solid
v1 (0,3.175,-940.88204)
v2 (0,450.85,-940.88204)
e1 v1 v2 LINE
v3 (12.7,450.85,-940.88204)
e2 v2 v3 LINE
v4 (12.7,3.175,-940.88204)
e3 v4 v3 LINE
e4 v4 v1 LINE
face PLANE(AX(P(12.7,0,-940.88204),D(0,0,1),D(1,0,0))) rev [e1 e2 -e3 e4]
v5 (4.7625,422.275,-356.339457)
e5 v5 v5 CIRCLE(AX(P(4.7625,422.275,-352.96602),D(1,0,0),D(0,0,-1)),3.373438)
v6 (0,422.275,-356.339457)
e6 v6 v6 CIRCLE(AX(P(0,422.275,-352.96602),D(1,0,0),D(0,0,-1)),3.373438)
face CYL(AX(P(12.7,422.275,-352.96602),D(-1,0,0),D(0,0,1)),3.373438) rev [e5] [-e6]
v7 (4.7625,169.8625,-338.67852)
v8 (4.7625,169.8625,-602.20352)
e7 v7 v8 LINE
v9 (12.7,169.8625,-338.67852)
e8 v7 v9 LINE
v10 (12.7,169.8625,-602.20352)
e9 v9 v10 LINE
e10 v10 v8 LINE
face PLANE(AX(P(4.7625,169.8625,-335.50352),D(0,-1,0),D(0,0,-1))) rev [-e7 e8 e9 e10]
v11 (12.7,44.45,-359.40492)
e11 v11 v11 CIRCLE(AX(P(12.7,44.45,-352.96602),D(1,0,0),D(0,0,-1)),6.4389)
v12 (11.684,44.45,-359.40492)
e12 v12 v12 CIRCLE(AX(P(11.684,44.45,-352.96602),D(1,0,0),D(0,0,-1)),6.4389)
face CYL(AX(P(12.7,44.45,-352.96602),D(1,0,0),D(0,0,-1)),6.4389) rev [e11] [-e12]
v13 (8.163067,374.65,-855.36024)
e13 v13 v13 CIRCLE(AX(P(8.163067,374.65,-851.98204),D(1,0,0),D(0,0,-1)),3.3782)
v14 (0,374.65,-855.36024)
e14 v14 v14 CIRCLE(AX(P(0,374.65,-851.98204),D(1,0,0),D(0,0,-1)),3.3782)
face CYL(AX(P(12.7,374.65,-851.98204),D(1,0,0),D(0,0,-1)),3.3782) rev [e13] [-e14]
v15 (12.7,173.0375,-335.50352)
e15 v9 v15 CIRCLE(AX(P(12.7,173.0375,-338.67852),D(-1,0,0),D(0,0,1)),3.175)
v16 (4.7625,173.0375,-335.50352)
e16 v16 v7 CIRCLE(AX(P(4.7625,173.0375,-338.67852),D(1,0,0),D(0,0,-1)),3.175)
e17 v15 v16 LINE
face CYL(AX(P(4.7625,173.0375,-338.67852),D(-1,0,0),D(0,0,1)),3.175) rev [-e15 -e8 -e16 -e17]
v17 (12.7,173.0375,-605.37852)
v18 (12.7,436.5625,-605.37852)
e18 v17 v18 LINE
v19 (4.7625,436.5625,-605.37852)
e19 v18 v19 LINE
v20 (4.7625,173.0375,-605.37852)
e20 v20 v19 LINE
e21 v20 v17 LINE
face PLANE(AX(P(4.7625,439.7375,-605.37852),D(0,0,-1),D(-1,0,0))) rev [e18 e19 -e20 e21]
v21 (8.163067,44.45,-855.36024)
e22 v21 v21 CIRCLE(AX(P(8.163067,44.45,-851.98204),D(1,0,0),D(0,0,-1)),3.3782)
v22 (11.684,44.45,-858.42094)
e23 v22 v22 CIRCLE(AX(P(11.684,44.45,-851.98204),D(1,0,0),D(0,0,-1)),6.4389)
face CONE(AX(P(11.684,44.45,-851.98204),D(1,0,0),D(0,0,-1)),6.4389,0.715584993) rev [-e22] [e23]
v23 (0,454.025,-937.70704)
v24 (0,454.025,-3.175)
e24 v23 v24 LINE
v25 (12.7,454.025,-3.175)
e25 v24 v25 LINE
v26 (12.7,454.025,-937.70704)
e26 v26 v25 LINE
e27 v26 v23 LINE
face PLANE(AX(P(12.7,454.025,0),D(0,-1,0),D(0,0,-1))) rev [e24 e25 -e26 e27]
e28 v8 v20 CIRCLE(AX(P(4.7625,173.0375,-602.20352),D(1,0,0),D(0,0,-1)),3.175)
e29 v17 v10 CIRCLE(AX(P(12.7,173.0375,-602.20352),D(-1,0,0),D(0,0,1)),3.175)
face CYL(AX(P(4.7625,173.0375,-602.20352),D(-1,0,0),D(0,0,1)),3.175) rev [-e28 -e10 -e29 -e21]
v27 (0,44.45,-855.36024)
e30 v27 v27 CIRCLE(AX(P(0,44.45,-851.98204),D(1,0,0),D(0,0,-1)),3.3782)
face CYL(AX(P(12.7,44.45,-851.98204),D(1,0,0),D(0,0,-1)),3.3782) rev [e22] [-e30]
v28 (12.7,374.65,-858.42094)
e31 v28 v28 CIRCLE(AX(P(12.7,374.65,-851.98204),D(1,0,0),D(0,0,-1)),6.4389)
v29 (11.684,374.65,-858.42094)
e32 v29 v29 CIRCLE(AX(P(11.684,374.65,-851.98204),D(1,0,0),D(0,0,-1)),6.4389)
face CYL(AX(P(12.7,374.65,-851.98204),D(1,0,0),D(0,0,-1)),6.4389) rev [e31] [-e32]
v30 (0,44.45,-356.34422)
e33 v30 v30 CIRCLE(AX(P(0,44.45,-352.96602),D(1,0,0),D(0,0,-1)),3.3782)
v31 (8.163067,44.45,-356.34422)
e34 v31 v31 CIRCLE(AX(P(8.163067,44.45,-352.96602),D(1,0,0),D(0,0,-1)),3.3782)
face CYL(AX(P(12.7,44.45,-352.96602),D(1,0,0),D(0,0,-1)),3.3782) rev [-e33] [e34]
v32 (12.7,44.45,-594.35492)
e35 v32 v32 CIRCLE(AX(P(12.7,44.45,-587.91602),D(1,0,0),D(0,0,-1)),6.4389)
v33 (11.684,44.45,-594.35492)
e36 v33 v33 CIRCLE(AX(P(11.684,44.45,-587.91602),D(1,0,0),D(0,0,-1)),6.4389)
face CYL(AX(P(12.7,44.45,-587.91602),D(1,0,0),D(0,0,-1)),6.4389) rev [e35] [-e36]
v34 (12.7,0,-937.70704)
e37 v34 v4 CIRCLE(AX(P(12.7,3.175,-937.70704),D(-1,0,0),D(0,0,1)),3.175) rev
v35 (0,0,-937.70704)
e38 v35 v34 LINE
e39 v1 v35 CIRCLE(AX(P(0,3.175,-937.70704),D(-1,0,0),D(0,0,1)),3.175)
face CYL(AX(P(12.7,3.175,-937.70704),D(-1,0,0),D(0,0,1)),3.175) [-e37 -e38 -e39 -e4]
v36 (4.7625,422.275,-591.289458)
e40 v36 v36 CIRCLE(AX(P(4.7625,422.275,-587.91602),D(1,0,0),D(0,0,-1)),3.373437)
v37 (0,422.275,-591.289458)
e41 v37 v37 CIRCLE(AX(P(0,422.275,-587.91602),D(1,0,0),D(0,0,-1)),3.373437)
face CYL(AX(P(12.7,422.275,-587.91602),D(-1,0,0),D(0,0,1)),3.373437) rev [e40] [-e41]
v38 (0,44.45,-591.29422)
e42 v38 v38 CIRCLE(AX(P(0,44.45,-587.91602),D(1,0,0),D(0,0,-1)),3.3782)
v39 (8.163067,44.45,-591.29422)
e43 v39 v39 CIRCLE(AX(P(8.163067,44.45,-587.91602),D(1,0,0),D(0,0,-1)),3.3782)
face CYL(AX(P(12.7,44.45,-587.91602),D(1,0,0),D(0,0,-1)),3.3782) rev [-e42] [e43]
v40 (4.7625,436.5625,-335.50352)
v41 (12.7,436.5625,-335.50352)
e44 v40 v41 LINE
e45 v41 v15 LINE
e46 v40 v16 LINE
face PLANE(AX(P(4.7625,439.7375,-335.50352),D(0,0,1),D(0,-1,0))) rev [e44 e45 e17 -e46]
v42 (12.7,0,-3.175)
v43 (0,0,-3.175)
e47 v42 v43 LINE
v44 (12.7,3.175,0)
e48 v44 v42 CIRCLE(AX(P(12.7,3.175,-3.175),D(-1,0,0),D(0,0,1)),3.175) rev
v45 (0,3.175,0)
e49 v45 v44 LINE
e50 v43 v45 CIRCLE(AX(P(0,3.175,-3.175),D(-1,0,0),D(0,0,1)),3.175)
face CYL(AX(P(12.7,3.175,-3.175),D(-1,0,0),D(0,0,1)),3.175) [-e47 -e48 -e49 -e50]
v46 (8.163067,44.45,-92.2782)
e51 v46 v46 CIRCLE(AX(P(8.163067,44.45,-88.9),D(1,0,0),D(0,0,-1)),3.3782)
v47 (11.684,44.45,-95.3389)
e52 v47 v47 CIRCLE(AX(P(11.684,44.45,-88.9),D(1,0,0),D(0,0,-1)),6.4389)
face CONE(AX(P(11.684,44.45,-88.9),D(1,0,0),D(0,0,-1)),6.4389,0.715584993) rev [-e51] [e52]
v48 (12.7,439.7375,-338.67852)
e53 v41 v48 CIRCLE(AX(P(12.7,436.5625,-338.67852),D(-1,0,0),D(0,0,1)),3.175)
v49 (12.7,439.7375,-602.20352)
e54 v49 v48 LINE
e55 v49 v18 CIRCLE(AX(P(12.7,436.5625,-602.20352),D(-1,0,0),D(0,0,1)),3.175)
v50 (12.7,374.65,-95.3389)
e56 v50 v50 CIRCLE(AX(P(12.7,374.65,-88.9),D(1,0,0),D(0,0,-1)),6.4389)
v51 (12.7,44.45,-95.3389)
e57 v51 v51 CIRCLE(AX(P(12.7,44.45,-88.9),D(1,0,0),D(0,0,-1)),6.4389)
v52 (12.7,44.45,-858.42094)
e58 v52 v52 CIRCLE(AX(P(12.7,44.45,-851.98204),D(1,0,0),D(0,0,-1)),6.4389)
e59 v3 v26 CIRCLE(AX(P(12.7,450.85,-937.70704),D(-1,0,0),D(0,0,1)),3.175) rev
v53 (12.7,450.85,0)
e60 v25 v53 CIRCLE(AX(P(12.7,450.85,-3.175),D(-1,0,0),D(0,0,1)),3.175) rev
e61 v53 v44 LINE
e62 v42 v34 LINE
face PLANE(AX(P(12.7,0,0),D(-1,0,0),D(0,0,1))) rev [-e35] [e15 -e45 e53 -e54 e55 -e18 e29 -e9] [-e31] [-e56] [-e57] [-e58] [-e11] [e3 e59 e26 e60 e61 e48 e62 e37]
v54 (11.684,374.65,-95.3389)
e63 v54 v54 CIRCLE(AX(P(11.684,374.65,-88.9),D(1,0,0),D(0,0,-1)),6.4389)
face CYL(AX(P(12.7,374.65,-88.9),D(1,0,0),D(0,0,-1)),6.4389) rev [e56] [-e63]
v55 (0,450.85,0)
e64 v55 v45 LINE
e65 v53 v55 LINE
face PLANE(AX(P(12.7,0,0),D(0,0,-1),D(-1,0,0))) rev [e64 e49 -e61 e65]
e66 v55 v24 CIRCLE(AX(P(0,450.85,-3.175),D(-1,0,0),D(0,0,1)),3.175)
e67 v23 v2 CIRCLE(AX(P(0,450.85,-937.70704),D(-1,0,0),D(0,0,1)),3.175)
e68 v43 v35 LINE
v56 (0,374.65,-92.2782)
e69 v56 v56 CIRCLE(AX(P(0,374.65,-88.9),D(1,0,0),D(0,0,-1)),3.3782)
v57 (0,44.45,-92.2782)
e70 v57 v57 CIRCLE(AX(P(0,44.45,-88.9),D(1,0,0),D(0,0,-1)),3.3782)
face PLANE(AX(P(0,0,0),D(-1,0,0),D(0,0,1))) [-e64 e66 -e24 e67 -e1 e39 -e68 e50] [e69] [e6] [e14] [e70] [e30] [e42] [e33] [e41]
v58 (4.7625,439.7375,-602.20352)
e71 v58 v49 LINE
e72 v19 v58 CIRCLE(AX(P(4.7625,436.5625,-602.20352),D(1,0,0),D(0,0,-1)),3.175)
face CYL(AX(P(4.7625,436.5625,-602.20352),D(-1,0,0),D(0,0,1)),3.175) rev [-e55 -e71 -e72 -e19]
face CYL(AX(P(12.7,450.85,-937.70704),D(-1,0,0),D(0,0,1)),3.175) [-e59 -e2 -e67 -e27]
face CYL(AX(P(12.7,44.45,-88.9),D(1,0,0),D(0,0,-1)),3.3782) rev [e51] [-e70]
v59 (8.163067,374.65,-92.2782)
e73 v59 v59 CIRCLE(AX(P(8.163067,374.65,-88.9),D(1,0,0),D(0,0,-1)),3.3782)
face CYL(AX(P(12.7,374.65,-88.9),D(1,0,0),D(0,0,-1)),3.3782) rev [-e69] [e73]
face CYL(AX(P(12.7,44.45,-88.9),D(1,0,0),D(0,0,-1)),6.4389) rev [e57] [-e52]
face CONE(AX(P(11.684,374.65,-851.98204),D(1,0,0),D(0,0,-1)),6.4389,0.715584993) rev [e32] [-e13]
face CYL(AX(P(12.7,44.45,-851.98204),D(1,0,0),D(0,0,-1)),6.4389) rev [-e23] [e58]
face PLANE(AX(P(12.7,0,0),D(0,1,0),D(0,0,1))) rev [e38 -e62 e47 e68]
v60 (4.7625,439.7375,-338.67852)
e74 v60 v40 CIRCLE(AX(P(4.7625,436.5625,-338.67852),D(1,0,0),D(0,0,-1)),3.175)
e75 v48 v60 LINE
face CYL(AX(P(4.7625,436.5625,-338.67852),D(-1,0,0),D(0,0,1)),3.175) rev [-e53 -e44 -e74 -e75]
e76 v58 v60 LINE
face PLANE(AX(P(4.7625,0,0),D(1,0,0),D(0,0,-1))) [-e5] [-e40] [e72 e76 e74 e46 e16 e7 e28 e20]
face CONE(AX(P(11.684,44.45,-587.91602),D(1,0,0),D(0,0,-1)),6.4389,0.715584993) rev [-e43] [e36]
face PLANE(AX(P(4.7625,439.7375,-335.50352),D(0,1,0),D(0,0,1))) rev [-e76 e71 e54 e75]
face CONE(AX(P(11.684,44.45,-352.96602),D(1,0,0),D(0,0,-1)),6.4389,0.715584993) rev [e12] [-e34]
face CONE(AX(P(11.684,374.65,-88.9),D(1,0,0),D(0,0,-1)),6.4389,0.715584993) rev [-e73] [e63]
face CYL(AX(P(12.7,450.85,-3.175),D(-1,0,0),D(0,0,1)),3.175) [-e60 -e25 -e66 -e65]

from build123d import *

# Parameters (mm, degrees)
SKETCH1_W                                     = 940.88204
SKETCH1_H                                     = 454.025
SKETCH1_R                                     = 3.3734375
BOSS_EXTRUDE1_DEPTH                           = 12.7
FILLET1_R                                     = 3.175
SKETCH2_W                                     = 269.875
SKETCH2_H                                     = 269.875
CUT_EXTRUDE1_DEPTH                            = 7.9375
FILLET2_R                                     = 3.175
CSK_FOR_1_4_FLAT_HEAD_MACHINE_SCREW1_AT_COUNT = 2
CSK_FOR_1_4_FLAT_HEAD_MACHINE_SCREW1_AT_PITCH = 763.08204
CSK_FOR_1_4_FLAT_HEAD_MACHINE_SCREW1_2_COUNT  = 2
CSK_FOR_1_4_FLAT_HEAD_MACHINE_SCREW1_2_PITCH  = 330.2
CSK_FOR_1_4_FLAT_HEAD_MACHINE_SCREW1_3_COUNT  = 2
CSK_FOR_1_4_FLAT_HEAD_MACHINE_SCREW1_3_PITCH  = 422.803622168
CSK_FOR_1_4_FLAT_HEAD_MACHINE_SCREW1_4_COUNT  = 2
CSK_FOR_1_4_FLAT_HEAD_MACHINE_SCREW1_4_PITCH  = 598.371981477
CSK_FOR_1_4_FLAT_HEAD_MACHINE_SCREW1_5_COUNT  = 2
CSK_FOR_1_4_FLAT_HEAD_MACHINE_SCREW1_5_PITCH  = 831.460305589


with BuildPart() as part:
    # Sketch1 → Boss-Extrude1 (new body)
    with BuildSketch(Plane(origin=(0, 0, 0), x_dir=(0, 0, -1), z_dir=(1, 0, 0))):
        with Locations((470.44102, 227.0125)):
            Rectangle(SKETCH1_W, SKETCH1_H)
        with Locations((352.96602, 422.275)):
            Circle(SKETCH1_R, mode=Mode.SUBTRACT)
        with Locations((587.91602, 422.275)):
            Circle(SKETCH1_R, mode=Mode.SUBTRACT)
    extrude(amount=BOSS_EXTRUDE1_DEPTH)

    # Fillet1
    fillet1_edges = [part.edges().sort_by_distance(p)[0] for p in [
        (6.35, 454.025, 0),
        (6.35, 454.025, -940.88204),
        (6.35, 0, -940.88204),
        (6.35, 0, 0),
    ]]
    fillet(fillet1_edges, radius=FILLET1_R)

    # Sketch2 → Cut-Extrude1 (cut)
    with BuildSketch(Plane(origin=(12.7, 0, 0), x_dir=(0, 0, -1), z_dir=(1, 0, 0))):
        with Locations((470.44102, 304.8)):
            Rectangle(SKETCH2_W, SKETCH2_H)
    extrude(amount=-CUT_EXTRUDE1_DEPTH, mode=Mode.SUBTRACT)

    # Fillet2
    fillet2_edges = [part.edges().sort_by_distance(p)[0] for p in [
        (8.73125, 169.8625, -335.50352),
        (8.73125, 439.7375, -335.50352),
        (8.73125, 439.7375, -605.37852),
        (8.73125, 169.8625, -605.37852),
    ]]
    fillet(fillet2_edges, radius=FILLET2_R)

    # Sketch5 → CSK for 1/4 Flat Head Machine Screw1 (revolve, cut)
    with BuildSketch(Plane(origin=(12.7, 374.65, -88.9), x_dir=(0, 0, -1), z_dir=(0, 1, 0))):
        Polygon((0, 0), (0, 12.7), (3.3782, 12.7), (3.3782, 4.536932584), (6.4389, 1.016), (6.4389, 0), align=None)
    csk_for_1_4_flat_head_machine_screw1 = revolve(axis=Axis((19.05, 374.65, -88.9), (-1, 0, 0)), mode=Mode.SUBTRACT)

    # CSK for 1/4 Flat Head Machine Screw1 at: CSK for 1/4 Flat Head Machine Screw1 ×2
    with Locations(*[(0, 0, -i * CSK_FOR_1_4_FLAT_HEAD_MACHINE_SCREW1_AT_PITCH) for i in range(1, CSK_FOR_1_4_FLAT_HEAD_MACHINE_SCREW1_AT_COUNT)]):
        add(csk_for_1_4_flat_head_machine_screw1, mode=Mode.SUBTRACT)

    # CSK for 1_4 Flat Head Machine Screw1 2: CSK for 1/4 Flat Head Machine Screw1 ×2
    with Locations(*[(0, -i * CSK_FOR_1_4_FLAT_HEAD_MACHINE_SCREW1_2_PITCH, 0) for i in range(1, CSK_FOR_1_4_FLAT_HEAD_MACHINE_SCREW1_2_COUNT)]):
        add(csk_for_1_4_flat_head_machine_screw1, mode=Mode.SUBTRACT)

    # CSK for 1_4 Flat Head Machine Screw1 3: CSK for 1/4 Flat Head Machine Screw1 ×2
    with Locations(*[Vector(0, -0.780977226, -0.624559503) * (i * CSK_FOR_1_4_FLAT_HEAD_MACHINE_SCREW1_3_PITCH) for i in range(1, CSK_FOR_1_4_FLAT_HEAD_MACHINE_SCREW1_3_COUNT)]):
        add(csk_for_1_4_flat_head_machine_screw1, mode=Mode.SUBTRACT)

    # CSK for 1_4 Flat Head Machine Screw1 4: CSK for 1/4 Flat Head Machine Screw1 ×2
    with Locations(*[Vector(0, -0.551830651, -0.833956194) * (i * CSK_FOR_1_4_FLAT_HEAD_MACHINE_SCREW1_4_PITCH) for i in range(1, CSK_FOR_1_4_FLAT_HEAD_MACHINE_SCREW1_4_COUNT)]):
        add(csk_for_1_4_flat_head_machine_screw1, mode=Mode.SUBTRACT)

    # CSK for 1_4 Flat Head Machine Screw1 5: CSK for 1/4 Flat Head Machine Screw1 ×2
    with Locations(*[Vector(0, -0.397132608, -0.917761239) * (i * CSK_FOR_1_4_FLAT_HEAD_MACHINE_SCREW1_5_PITCH) for i in range(1, CSK_FOR_1_4_FLAT_HEAD_MACHINE_SCREW1_5_COUNT)]):
        add(csk_for_1_4_flat_head_machine_screw1, mode=Mode.SUBTRACT)


solid = part.part
